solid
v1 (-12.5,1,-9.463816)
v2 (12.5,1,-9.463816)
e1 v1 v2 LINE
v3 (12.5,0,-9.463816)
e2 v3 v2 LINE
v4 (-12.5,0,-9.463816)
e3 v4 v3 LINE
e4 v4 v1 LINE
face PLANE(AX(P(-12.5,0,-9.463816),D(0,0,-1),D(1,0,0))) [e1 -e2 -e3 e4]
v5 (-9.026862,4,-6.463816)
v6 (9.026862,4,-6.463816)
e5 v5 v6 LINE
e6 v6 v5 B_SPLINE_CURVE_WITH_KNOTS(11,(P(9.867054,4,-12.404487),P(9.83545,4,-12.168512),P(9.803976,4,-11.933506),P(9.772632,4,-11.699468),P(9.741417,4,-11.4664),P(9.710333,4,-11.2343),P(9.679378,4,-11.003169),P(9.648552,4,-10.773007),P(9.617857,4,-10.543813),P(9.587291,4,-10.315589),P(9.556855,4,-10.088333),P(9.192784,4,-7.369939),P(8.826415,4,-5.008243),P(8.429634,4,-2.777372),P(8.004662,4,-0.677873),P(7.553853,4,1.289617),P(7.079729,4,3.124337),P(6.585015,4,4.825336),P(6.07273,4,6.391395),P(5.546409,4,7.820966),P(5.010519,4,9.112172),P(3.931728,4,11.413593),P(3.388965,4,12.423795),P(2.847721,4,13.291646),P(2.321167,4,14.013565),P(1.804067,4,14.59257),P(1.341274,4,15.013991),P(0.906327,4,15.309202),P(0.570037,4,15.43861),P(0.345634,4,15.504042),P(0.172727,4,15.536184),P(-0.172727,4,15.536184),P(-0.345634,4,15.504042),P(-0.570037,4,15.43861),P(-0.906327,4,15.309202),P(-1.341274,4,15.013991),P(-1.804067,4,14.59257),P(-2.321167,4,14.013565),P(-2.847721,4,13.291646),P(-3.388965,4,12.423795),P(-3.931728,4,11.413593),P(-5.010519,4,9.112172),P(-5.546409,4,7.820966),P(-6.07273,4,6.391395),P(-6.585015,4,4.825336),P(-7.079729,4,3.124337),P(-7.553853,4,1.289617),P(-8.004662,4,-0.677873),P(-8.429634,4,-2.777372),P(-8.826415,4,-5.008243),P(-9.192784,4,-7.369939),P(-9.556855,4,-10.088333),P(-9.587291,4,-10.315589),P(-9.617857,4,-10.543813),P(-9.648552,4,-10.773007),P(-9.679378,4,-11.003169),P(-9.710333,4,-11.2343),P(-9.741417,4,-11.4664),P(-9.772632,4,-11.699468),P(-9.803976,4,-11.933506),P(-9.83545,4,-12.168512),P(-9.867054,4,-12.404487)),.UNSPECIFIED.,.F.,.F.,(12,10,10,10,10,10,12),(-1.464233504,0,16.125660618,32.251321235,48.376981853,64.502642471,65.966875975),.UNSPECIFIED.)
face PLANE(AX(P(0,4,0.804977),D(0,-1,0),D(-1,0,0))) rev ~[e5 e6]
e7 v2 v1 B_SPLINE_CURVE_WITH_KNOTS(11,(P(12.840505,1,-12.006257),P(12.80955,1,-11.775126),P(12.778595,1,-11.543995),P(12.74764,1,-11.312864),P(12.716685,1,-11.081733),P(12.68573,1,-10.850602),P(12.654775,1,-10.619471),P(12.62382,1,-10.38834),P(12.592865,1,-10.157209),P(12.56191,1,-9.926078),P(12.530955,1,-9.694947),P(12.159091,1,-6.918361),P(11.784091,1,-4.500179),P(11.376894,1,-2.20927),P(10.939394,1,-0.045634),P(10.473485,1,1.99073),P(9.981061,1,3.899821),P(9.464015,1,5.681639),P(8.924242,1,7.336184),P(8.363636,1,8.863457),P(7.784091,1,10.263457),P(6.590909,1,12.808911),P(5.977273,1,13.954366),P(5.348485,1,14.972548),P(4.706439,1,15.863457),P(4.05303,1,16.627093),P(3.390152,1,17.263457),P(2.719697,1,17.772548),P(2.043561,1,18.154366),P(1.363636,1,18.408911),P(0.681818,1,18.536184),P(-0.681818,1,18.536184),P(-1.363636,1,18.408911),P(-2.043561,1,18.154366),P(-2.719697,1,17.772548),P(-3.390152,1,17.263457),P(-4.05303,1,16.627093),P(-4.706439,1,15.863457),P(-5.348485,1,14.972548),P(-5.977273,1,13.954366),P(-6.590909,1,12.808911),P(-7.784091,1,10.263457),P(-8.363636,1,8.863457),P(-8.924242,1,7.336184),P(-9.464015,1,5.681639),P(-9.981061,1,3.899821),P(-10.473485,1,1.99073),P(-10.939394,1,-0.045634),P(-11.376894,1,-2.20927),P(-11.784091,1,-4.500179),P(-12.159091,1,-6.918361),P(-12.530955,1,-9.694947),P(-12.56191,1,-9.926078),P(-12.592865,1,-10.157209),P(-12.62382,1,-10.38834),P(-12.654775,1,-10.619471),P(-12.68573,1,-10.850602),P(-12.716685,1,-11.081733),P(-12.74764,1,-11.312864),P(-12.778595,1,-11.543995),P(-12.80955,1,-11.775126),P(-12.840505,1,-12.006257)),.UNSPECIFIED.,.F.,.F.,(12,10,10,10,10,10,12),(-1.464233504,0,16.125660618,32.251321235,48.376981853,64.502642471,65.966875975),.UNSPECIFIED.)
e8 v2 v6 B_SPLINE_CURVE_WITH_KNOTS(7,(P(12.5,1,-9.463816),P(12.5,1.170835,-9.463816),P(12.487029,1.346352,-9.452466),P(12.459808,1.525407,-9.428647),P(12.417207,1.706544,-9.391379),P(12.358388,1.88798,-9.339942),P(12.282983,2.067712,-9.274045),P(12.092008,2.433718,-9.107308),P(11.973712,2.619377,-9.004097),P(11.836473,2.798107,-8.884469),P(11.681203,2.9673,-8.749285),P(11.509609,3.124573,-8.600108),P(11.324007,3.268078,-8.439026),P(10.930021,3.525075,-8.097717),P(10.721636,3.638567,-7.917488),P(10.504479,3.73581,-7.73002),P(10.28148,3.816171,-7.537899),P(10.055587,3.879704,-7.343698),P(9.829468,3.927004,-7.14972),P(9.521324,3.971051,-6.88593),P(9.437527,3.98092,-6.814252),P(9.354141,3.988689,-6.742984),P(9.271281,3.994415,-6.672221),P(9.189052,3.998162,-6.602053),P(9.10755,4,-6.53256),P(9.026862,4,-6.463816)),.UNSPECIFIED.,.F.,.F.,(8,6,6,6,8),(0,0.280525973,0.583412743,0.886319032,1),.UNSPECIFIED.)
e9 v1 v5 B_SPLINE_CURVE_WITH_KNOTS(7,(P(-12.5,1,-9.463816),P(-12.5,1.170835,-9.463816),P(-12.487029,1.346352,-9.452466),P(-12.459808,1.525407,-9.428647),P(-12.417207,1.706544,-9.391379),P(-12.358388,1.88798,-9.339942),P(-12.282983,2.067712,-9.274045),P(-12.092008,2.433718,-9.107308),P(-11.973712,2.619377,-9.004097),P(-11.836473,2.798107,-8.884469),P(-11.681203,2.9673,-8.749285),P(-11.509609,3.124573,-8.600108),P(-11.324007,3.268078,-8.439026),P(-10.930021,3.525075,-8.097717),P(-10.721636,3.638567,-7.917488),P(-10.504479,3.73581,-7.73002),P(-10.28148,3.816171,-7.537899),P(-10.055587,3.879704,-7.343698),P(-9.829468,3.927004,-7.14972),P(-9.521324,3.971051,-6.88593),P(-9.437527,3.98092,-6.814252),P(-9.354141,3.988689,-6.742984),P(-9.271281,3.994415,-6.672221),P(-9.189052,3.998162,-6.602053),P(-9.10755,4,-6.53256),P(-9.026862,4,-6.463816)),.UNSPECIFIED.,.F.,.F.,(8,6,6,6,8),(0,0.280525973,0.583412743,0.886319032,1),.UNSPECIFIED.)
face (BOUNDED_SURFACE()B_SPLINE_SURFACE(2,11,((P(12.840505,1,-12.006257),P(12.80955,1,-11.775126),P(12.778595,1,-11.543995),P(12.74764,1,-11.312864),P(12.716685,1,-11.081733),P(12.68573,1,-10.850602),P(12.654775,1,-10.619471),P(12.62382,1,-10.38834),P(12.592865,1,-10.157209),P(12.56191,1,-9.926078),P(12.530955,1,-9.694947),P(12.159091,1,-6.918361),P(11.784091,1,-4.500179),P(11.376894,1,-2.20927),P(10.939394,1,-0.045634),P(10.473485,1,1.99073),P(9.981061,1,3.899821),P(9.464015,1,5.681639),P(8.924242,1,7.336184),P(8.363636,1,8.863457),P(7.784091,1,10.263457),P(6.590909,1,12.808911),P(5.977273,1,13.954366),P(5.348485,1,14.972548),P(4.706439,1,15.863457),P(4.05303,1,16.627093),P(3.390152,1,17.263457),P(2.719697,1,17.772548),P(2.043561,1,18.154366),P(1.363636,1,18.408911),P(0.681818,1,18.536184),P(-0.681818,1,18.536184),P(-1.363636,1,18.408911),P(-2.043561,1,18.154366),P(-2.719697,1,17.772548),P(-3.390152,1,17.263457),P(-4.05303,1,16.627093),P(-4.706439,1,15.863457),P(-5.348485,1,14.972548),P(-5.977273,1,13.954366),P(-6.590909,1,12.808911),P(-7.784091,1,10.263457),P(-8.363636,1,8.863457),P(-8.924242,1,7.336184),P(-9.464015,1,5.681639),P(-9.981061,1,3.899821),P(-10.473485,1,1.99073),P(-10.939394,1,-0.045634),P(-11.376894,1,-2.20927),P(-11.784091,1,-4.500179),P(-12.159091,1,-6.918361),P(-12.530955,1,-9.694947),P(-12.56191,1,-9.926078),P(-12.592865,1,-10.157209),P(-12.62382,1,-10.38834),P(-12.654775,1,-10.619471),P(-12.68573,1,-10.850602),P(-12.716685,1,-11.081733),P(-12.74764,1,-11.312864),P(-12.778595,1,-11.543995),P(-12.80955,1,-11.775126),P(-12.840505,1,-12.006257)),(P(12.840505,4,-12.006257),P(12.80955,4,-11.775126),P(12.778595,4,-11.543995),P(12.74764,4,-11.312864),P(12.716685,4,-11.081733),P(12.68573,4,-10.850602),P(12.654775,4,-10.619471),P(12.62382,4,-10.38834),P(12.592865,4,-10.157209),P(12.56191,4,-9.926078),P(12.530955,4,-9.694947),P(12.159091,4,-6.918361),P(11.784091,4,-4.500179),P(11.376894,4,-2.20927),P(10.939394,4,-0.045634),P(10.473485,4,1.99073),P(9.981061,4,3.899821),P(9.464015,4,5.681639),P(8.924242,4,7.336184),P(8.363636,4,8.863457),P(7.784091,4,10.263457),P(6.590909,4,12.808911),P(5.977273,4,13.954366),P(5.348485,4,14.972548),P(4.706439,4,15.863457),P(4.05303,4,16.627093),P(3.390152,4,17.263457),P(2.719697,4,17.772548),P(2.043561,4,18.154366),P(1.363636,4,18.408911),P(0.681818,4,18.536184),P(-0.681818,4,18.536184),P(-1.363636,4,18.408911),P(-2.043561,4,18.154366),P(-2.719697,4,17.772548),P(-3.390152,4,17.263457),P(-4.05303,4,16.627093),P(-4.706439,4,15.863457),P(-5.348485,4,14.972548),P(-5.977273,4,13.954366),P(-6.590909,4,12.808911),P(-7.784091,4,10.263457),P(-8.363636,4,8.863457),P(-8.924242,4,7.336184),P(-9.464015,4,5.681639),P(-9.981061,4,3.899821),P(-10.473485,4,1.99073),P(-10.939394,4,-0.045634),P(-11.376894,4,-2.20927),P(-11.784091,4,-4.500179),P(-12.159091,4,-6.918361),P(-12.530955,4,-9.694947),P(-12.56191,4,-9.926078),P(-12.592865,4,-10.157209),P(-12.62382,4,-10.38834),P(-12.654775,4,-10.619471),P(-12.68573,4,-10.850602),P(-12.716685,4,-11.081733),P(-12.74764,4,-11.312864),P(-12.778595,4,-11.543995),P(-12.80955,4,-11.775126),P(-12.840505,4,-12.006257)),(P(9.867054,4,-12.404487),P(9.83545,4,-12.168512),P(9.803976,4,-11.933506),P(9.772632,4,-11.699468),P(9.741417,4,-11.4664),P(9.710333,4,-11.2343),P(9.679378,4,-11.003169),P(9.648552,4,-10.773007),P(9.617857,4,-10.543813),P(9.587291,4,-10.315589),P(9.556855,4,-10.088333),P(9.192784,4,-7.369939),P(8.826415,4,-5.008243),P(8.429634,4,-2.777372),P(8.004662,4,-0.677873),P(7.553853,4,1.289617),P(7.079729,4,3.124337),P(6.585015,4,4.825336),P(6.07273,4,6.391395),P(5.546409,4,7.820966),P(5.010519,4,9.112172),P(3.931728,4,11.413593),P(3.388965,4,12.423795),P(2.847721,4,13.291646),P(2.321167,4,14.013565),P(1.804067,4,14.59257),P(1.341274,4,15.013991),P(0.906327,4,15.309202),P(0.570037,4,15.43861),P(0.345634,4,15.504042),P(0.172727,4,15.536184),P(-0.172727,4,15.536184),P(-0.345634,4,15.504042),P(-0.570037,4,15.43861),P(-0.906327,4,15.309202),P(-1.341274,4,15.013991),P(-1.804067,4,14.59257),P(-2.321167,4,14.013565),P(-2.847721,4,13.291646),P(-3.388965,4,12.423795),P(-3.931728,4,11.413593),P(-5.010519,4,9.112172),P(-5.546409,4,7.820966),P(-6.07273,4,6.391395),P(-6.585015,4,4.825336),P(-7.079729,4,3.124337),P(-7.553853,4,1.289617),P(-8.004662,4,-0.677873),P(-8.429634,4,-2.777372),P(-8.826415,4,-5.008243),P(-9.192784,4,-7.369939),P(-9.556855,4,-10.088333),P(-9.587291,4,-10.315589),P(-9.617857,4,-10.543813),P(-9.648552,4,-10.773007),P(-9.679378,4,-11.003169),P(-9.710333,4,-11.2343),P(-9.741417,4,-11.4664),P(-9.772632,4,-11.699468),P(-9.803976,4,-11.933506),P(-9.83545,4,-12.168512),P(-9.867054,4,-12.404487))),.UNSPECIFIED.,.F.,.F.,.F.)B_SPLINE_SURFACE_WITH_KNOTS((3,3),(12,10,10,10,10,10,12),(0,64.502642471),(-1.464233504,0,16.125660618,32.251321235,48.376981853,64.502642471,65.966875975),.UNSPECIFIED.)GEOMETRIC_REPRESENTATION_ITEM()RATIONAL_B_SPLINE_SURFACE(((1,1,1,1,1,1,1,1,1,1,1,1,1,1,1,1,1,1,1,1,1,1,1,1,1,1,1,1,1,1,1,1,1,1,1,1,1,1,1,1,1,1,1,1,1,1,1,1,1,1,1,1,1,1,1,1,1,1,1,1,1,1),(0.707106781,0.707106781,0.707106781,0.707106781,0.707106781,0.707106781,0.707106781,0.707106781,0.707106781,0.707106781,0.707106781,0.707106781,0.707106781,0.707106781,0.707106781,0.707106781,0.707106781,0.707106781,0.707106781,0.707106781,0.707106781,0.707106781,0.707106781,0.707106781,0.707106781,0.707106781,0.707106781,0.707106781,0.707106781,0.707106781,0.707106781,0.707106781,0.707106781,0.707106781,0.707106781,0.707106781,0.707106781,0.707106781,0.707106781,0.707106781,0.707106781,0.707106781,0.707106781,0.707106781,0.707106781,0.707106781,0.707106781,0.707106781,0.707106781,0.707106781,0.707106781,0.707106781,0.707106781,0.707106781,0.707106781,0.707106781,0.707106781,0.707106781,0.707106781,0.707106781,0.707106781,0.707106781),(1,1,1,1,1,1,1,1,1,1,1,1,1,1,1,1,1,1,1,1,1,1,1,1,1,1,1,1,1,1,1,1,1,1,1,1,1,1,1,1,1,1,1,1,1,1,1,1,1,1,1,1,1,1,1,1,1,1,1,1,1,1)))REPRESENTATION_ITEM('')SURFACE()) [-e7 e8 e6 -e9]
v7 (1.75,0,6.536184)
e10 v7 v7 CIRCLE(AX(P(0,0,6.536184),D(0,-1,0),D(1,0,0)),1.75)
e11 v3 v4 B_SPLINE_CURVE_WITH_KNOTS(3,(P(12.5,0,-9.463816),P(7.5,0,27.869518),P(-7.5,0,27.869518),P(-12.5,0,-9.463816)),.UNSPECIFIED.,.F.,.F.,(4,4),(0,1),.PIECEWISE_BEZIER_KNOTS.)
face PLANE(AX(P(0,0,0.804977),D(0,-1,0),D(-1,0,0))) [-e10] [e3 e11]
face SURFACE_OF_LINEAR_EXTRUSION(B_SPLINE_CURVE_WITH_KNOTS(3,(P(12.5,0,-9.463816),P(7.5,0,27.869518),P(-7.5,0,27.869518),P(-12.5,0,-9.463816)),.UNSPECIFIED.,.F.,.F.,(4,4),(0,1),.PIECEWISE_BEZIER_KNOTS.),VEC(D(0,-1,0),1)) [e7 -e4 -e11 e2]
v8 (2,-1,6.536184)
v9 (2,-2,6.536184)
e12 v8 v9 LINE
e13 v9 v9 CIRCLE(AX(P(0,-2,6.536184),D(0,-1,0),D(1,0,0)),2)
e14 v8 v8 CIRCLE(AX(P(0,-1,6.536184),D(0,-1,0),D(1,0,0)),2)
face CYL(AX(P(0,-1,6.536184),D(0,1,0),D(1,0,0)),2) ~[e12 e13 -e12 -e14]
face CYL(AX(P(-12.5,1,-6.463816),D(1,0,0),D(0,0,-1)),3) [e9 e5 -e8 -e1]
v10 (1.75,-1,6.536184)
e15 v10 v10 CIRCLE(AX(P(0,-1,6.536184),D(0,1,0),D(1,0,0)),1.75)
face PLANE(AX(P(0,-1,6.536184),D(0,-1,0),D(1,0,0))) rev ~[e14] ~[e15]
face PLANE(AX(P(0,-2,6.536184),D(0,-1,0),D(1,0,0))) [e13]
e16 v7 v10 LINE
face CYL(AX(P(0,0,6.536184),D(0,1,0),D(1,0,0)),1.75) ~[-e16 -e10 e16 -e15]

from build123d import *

# Parameters (mm, degrees)
BOSS_EXTRUDE1_DEPTH = 4
FILLET1_R           = 3
SKETCH2_R           = 1.75
BOSS_EXTRUDE2_DEPTH = 2
BOSS_EXTRUDE3_START = -1
SKETCH3_R           = 2
BOSS_EXTRUDE3_DEPTH = 1


with BuildPart() as part:
    # Sketch1 → Boss-Extrude1 (new body)
    with BuildSketch(Plane(origin=(0, 0, 0), x_dir=(1, 0, 0), z_dir=(0, 1, 0))):
        with BuildLine():
            Line((-12.5, 9.463815789), (12.5, 9.463815789))
            add(Edge.make_bspline(
                [(12.5, 9.463815789), (7.5, -27.869517544), (-7.5, -27.869517544), (-12.5, 9.463815789)],
                knots=[0, 0, 0, 0, 1, 1, 1, 1], degree=3))
        make_face()
    extrude(amount=BOSS_EXTRUDE1_DEPTH)

    # Fillet1
    fillet1_edges = [part.edges().sort_by_distance(p)[0] for p in [
        (0, 4, -9.463815789),
        (0.023803991, 4, 18.536113697),
    ]]
    fillet(fillet1_edges, radius=FILLET1_R)

    # Sketch2 → Boss-Extrude2 (add)
    with BuildSketch(Plane.XZ):
        with Locations((0, 6.536184211)):
            Circle(SKETCH2_R)
    extrude(amount=BOSS_EXTRUDE2_DEPTH)

    # Sketch3 → Boss-Extrude3 (add)
    with BuildSketch(Plane.XZ.offset(2).offset(BOSS_EXTRUDE3_START)):
        with Locations((0, 6.536184211)):
            Circle(SKETCH3_R)
    extrude(amount=BOSS_EXTRUDE3_DEPTH)


solid = part.part
